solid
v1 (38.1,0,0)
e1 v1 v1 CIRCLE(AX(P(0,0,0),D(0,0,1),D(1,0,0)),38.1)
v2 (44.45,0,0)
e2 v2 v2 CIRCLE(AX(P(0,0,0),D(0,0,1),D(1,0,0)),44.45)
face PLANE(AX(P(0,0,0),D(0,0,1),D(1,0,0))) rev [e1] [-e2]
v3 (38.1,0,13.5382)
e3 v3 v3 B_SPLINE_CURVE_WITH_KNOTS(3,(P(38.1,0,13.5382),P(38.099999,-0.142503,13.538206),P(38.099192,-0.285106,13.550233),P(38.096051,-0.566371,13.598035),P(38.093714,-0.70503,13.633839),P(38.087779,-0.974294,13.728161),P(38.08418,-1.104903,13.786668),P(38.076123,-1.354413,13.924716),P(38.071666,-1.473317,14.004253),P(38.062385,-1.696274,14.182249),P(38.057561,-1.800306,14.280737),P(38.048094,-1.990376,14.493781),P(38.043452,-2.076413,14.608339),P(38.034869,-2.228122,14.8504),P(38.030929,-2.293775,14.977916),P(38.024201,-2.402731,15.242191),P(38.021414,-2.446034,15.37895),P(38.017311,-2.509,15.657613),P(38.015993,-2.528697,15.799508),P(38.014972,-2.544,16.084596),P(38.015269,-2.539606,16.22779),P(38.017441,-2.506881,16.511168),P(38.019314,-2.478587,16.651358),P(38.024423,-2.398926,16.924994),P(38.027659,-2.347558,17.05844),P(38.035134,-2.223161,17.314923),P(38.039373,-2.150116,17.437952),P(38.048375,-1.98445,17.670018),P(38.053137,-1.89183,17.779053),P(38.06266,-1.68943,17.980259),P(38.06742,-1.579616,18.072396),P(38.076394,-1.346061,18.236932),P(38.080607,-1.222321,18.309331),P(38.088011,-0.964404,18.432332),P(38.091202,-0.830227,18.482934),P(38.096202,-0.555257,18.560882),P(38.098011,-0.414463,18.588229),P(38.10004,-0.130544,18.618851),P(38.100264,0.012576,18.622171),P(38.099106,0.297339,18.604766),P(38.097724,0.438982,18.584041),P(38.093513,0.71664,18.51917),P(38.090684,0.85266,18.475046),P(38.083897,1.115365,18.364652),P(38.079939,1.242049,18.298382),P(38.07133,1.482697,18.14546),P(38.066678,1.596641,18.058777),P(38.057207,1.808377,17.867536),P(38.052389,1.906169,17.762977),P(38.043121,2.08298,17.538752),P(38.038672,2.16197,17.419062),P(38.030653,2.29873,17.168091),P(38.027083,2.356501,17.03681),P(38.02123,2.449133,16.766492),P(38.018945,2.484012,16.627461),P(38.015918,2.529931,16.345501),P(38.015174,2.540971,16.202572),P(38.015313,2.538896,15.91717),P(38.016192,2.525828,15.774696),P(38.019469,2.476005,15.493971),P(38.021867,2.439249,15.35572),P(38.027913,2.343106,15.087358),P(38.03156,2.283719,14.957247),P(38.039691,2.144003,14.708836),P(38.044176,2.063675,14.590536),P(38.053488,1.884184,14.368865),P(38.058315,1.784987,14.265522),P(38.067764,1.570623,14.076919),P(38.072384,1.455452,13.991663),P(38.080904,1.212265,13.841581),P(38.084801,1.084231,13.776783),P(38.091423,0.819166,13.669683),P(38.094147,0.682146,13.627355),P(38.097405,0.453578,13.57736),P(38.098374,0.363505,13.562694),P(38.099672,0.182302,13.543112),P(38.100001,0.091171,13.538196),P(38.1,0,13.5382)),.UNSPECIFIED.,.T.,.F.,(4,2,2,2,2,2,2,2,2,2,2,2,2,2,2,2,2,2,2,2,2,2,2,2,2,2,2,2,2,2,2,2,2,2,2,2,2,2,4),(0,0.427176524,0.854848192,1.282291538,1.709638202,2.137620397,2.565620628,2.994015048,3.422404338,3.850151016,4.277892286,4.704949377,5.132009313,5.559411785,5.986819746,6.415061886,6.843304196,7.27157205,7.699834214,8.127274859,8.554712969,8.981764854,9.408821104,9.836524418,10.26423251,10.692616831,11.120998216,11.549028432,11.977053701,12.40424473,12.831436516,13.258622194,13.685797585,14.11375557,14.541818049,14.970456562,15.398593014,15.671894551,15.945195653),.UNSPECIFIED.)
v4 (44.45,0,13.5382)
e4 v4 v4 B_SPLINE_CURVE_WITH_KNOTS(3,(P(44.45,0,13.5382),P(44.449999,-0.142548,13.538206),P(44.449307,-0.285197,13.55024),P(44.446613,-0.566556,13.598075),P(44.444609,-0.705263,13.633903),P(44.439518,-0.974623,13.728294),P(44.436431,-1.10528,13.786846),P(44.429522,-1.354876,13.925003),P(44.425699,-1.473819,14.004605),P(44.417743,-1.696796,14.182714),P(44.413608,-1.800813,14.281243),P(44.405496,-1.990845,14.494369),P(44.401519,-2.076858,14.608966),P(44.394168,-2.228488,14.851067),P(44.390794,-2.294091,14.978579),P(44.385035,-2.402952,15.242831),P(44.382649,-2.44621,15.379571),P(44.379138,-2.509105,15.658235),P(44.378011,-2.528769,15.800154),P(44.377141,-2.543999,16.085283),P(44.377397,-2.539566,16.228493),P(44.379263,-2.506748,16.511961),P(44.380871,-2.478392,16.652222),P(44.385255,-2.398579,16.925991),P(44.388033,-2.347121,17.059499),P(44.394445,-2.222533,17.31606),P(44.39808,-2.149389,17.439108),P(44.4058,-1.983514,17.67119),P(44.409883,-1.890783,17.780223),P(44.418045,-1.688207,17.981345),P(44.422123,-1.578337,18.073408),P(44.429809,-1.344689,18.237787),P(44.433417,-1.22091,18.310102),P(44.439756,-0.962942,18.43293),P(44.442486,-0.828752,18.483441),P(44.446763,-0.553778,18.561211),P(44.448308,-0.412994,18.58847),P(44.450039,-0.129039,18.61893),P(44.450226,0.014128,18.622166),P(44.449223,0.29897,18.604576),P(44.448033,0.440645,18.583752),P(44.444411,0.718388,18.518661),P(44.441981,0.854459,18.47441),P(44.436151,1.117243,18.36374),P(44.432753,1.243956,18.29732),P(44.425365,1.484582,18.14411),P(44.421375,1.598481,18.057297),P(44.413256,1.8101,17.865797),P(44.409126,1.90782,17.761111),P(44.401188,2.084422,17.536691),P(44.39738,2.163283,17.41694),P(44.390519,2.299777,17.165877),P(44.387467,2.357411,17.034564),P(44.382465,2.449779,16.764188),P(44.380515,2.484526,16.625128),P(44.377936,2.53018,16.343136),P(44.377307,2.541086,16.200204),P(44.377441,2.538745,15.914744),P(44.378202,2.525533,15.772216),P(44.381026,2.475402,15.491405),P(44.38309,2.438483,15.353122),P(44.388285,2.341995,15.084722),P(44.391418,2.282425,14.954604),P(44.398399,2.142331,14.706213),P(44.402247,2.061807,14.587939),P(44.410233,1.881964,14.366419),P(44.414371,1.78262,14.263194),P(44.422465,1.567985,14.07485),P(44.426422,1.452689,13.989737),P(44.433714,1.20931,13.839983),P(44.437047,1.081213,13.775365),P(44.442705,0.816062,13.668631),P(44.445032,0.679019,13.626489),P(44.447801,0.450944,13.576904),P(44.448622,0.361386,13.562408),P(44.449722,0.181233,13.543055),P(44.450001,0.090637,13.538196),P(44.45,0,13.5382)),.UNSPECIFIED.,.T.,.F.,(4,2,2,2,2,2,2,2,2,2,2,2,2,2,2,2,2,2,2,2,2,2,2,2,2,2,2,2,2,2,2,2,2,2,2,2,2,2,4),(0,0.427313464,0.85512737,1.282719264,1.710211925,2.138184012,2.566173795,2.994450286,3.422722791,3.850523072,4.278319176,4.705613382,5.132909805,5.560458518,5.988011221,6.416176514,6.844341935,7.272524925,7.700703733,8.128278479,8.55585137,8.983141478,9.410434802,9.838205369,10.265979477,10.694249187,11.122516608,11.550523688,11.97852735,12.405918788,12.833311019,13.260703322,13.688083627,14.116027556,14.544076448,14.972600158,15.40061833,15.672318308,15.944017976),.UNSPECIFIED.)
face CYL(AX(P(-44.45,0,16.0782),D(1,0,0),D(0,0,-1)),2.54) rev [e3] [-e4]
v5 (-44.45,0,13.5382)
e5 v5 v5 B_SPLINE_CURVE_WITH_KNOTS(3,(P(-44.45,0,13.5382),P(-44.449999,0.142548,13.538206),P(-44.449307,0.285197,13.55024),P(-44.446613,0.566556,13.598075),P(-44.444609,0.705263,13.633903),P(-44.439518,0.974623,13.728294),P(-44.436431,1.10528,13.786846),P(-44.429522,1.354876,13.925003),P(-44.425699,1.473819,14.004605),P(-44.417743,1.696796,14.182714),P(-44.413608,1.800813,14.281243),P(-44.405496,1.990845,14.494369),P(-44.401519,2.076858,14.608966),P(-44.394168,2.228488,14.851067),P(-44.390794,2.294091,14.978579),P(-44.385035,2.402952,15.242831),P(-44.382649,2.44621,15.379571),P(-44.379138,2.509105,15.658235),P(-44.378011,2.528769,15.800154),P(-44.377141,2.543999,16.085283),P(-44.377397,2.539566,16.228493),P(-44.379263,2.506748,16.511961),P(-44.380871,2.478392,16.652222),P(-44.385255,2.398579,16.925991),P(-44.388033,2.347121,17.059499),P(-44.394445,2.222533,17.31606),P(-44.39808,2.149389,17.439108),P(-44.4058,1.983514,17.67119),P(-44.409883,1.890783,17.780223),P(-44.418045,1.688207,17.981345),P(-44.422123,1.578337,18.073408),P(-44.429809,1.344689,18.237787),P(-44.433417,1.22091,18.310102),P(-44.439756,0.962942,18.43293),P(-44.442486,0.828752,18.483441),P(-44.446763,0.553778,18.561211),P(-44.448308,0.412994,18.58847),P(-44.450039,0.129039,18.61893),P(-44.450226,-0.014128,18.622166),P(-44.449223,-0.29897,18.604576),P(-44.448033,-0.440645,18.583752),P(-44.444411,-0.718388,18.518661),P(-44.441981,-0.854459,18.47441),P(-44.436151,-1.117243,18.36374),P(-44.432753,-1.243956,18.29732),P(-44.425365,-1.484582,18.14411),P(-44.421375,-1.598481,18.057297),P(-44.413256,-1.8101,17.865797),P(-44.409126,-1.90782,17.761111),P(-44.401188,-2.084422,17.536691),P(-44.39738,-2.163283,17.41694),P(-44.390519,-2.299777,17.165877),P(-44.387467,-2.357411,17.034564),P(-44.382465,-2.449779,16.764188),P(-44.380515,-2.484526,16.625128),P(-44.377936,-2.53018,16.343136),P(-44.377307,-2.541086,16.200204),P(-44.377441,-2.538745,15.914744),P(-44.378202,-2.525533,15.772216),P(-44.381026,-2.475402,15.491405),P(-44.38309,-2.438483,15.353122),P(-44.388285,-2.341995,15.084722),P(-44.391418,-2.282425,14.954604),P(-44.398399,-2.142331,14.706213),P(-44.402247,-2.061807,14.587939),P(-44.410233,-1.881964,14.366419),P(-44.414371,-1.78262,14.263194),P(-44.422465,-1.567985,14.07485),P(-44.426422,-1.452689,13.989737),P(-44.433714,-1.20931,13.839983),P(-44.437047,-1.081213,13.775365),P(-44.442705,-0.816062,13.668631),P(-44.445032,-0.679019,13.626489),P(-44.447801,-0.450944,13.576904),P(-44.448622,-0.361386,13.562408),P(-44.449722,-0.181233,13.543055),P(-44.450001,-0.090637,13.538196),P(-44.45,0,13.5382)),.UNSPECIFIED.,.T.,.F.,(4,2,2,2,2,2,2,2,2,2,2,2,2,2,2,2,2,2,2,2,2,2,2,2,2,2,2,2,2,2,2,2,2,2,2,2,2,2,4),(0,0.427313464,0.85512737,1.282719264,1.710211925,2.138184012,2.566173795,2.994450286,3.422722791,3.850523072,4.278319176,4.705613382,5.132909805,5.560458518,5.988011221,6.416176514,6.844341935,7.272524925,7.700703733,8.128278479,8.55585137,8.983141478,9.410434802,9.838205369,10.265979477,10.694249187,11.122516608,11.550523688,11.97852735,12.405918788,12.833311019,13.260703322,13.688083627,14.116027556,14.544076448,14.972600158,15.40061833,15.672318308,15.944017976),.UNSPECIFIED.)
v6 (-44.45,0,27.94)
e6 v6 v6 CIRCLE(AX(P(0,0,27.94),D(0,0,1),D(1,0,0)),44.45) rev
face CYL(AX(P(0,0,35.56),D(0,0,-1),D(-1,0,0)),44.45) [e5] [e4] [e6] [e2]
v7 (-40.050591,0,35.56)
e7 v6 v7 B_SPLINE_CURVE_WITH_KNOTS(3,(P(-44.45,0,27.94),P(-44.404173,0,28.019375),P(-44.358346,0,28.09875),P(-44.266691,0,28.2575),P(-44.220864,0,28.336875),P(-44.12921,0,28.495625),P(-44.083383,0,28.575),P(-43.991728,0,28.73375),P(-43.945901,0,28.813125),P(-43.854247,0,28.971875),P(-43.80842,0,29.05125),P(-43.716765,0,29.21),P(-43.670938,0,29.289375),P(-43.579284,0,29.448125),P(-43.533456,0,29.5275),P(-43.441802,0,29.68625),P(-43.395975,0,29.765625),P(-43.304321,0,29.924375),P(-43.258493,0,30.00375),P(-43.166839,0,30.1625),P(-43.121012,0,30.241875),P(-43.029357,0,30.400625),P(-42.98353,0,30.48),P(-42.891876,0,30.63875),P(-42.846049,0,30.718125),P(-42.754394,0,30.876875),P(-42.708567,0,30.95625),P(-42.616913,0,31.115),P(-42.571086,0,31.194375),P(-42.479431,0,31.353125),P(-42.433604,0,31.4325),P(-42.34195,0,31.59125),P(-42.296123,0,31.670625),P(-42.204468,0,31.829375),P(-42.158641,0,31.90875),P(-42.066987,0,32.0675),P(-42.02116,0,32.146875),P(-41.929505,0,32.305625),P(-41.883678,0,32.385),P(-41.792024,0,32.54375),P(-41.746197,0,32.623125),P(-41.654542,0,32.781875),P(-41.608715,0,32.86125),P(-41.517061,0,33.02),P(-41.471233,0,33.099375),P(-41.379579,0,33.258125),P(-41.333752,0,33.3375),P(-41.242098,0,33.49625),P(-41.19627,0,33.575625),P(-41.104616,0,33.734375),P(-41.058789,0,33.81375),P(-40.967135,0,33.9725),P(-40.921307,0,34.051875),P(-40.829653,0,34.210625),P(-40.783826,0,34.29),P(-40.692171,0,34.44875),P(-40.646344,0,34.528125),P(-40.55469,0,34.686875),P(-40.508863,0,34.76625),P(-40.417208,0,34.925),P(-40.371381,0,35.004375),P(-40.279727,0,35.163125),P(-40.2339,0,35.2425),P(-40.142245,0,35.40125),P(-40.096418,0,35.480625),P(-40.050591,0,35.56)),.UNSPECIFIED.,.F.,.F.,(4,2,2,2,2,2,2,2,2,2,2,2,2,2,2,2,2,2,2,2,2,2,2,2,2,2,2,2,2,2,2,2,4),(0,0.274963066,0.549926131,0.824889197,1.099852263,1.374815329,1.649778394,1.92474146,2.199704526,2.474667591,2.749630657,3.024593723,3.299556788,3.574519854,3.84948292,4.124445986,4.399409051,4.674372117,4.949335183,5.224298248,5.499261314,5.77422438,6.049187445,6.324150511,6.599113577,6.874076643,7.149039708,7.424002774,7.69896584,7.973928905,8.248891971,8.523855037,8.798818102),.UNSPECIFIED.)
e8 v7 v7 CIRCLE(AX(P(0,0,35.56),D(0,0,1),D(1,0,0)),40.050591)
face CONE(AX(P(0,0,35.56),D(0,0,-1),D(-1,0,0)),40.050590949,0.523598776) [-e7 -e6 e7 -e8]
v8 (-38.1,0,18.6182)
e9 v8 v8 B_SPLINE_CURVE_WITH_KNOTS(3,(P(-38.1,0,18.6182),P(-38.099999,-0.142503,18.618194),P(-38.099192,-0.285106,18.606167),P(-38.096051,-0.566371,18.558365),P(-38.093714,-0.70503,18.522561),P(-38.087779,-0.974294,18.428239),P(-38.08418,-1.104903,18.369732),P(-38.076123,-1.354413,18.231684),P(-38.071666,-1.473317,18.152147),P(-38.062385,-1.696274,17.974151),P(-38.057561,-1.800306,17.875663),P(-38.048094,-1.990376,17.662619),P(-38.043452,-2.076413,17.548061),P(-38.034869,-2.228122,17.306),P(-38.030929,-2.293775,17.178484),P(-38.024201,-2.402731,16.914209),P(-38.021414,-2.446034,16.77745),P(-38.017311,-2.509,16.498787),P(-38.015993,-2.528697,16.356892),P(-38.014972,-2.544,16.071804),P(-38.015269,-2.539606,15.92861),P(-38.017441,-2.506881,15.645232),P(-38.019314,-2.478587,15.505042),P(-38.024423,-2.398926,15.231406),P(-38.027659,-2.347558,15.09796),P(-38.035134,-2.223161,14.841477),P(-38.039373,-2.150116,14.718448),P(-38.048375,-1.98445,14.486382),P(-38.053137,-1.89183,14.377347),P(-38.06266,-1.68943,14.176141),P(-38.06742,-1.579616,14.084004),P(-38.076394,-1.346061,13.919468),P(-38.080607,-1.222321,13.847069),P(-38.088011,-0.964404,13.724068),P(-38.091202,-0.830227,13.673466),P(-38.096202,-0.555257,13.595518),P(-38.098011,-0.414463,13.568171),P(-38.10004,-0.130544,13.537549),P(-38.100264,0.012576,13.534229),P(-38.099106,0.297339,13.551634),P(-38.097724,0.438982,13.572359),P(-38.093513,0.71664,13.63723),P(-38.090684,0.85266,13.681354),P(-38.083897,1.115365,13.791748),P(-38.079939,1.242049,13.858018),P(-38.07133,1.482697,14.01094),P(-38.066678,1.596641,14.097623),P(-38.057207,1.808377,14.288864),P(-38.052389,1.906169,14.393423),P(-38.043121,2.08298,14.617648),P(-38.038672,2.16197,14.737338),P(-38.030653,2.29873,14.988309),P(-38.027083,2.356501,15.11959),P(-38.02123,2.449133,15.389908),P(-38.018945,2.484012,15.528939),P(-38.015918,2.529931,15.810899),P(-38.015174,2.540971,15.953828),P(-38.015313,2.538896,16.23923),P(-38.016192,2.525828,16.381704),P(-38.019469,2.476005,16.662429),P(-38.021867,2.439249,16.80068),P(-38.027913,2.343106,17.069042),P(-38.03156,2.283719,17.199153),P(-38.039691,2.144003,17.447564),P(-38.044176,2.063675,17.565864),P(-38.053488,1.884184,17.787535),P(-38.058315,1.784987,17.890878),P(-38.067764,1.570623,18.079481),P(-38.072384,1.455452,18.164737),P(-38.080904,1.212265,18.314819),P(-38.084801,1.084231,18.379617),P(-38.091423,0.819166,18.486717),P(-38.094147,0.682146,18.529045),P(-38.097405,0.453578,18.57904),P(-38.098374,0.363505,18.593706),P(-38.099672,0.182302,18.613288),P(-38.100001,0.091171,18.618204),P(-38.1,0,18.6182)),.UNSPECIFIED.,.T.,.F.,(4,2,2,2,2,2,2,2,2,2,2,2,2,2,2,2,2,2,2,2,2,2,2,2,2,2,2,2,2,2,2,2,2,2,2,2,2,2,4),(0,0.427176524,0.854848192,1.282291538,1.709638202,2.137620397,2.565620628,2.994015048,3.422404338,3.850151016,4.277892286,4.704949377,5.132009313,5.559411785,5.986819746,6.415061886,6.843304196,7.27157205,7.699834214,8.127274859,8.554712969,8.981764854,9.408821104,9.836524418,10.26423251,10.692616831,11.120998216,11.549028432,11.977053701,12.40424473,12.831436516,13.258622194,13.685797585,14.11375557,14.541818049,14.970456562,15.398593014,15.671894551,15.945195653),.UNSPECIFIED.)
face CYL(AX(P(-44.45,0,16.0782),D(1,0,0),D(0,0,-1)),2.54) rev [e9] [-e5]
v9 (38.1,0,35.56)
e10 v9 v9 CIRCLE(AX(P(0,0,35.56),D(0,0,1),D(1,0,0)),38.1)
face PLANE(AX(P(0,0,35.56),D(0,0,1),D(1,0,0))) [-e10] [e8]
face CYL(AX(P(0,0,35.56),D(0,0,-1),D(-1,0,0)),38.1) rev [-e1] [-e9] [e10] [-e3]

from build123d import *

# Parameters (mm, degrees)
SKETCH1_R               = 44.45
SKETCH1_R_2             = 38.1
BOSS_EXTRUDE1_DEPTH     = 35.56
CHAMFER1_SIZE           = 7.62
CHAMFER1_SIZE2          = 4.399409051
CUT_EXTRUDE1_DEPTH      = 73.222701417
CUT_EXTRUDE1_DEPTH_BACK = 73.222701417
SKETCH2_R               = 2.54


with BuildPart() as part:
    # Sketch1 → Boss-Extrude1 (new body)
    with BuildSketch(Plane.XY):
        Circle(SKETCH1_R)
        Circle(SKETCH1_R_2, mode=Mode.SUBTRACT)
    extrude(amount=BOSS_EXTRUDE1_DEPTH)

    # Chamfer1
    chamfer1_edges = [part.edges().sort_by_distance(p)[0] for p in [
        (-44.45, 0, 35.56),
    ]]
    chamfer1_side = [part.faces().sort_by_distance(p)[0] for p in [
        (-44.45, 0, 17.78),
    ]]
    chamfer(chamfer1_edges, length=CHAMFER1_SIZE, length2=CHAMFER1_SIZE2, reference=chamfer1_side[0])

    # Sketch2 → Cut-Extrude1 (cut, two sides: drawn at the far end of the back side and taken through both)
    with BuildSketch(Plane(origin=(0, 0, 0), x_dir=(0, 0, -1), z_dir=(1, 0, 0)).offset(-CUT_EXTRUDE1_DEPTH_BACK)):
        with Locations((-16.0782, 0)):
            Circle(SKETCH2_R)
    extrude(amount=CUT_EXTRUDE1_DEPTH + CUT_EXTRUDE1_DEPTH_BACK, mode=Mode.SUBTRACT)


solid = part.part
